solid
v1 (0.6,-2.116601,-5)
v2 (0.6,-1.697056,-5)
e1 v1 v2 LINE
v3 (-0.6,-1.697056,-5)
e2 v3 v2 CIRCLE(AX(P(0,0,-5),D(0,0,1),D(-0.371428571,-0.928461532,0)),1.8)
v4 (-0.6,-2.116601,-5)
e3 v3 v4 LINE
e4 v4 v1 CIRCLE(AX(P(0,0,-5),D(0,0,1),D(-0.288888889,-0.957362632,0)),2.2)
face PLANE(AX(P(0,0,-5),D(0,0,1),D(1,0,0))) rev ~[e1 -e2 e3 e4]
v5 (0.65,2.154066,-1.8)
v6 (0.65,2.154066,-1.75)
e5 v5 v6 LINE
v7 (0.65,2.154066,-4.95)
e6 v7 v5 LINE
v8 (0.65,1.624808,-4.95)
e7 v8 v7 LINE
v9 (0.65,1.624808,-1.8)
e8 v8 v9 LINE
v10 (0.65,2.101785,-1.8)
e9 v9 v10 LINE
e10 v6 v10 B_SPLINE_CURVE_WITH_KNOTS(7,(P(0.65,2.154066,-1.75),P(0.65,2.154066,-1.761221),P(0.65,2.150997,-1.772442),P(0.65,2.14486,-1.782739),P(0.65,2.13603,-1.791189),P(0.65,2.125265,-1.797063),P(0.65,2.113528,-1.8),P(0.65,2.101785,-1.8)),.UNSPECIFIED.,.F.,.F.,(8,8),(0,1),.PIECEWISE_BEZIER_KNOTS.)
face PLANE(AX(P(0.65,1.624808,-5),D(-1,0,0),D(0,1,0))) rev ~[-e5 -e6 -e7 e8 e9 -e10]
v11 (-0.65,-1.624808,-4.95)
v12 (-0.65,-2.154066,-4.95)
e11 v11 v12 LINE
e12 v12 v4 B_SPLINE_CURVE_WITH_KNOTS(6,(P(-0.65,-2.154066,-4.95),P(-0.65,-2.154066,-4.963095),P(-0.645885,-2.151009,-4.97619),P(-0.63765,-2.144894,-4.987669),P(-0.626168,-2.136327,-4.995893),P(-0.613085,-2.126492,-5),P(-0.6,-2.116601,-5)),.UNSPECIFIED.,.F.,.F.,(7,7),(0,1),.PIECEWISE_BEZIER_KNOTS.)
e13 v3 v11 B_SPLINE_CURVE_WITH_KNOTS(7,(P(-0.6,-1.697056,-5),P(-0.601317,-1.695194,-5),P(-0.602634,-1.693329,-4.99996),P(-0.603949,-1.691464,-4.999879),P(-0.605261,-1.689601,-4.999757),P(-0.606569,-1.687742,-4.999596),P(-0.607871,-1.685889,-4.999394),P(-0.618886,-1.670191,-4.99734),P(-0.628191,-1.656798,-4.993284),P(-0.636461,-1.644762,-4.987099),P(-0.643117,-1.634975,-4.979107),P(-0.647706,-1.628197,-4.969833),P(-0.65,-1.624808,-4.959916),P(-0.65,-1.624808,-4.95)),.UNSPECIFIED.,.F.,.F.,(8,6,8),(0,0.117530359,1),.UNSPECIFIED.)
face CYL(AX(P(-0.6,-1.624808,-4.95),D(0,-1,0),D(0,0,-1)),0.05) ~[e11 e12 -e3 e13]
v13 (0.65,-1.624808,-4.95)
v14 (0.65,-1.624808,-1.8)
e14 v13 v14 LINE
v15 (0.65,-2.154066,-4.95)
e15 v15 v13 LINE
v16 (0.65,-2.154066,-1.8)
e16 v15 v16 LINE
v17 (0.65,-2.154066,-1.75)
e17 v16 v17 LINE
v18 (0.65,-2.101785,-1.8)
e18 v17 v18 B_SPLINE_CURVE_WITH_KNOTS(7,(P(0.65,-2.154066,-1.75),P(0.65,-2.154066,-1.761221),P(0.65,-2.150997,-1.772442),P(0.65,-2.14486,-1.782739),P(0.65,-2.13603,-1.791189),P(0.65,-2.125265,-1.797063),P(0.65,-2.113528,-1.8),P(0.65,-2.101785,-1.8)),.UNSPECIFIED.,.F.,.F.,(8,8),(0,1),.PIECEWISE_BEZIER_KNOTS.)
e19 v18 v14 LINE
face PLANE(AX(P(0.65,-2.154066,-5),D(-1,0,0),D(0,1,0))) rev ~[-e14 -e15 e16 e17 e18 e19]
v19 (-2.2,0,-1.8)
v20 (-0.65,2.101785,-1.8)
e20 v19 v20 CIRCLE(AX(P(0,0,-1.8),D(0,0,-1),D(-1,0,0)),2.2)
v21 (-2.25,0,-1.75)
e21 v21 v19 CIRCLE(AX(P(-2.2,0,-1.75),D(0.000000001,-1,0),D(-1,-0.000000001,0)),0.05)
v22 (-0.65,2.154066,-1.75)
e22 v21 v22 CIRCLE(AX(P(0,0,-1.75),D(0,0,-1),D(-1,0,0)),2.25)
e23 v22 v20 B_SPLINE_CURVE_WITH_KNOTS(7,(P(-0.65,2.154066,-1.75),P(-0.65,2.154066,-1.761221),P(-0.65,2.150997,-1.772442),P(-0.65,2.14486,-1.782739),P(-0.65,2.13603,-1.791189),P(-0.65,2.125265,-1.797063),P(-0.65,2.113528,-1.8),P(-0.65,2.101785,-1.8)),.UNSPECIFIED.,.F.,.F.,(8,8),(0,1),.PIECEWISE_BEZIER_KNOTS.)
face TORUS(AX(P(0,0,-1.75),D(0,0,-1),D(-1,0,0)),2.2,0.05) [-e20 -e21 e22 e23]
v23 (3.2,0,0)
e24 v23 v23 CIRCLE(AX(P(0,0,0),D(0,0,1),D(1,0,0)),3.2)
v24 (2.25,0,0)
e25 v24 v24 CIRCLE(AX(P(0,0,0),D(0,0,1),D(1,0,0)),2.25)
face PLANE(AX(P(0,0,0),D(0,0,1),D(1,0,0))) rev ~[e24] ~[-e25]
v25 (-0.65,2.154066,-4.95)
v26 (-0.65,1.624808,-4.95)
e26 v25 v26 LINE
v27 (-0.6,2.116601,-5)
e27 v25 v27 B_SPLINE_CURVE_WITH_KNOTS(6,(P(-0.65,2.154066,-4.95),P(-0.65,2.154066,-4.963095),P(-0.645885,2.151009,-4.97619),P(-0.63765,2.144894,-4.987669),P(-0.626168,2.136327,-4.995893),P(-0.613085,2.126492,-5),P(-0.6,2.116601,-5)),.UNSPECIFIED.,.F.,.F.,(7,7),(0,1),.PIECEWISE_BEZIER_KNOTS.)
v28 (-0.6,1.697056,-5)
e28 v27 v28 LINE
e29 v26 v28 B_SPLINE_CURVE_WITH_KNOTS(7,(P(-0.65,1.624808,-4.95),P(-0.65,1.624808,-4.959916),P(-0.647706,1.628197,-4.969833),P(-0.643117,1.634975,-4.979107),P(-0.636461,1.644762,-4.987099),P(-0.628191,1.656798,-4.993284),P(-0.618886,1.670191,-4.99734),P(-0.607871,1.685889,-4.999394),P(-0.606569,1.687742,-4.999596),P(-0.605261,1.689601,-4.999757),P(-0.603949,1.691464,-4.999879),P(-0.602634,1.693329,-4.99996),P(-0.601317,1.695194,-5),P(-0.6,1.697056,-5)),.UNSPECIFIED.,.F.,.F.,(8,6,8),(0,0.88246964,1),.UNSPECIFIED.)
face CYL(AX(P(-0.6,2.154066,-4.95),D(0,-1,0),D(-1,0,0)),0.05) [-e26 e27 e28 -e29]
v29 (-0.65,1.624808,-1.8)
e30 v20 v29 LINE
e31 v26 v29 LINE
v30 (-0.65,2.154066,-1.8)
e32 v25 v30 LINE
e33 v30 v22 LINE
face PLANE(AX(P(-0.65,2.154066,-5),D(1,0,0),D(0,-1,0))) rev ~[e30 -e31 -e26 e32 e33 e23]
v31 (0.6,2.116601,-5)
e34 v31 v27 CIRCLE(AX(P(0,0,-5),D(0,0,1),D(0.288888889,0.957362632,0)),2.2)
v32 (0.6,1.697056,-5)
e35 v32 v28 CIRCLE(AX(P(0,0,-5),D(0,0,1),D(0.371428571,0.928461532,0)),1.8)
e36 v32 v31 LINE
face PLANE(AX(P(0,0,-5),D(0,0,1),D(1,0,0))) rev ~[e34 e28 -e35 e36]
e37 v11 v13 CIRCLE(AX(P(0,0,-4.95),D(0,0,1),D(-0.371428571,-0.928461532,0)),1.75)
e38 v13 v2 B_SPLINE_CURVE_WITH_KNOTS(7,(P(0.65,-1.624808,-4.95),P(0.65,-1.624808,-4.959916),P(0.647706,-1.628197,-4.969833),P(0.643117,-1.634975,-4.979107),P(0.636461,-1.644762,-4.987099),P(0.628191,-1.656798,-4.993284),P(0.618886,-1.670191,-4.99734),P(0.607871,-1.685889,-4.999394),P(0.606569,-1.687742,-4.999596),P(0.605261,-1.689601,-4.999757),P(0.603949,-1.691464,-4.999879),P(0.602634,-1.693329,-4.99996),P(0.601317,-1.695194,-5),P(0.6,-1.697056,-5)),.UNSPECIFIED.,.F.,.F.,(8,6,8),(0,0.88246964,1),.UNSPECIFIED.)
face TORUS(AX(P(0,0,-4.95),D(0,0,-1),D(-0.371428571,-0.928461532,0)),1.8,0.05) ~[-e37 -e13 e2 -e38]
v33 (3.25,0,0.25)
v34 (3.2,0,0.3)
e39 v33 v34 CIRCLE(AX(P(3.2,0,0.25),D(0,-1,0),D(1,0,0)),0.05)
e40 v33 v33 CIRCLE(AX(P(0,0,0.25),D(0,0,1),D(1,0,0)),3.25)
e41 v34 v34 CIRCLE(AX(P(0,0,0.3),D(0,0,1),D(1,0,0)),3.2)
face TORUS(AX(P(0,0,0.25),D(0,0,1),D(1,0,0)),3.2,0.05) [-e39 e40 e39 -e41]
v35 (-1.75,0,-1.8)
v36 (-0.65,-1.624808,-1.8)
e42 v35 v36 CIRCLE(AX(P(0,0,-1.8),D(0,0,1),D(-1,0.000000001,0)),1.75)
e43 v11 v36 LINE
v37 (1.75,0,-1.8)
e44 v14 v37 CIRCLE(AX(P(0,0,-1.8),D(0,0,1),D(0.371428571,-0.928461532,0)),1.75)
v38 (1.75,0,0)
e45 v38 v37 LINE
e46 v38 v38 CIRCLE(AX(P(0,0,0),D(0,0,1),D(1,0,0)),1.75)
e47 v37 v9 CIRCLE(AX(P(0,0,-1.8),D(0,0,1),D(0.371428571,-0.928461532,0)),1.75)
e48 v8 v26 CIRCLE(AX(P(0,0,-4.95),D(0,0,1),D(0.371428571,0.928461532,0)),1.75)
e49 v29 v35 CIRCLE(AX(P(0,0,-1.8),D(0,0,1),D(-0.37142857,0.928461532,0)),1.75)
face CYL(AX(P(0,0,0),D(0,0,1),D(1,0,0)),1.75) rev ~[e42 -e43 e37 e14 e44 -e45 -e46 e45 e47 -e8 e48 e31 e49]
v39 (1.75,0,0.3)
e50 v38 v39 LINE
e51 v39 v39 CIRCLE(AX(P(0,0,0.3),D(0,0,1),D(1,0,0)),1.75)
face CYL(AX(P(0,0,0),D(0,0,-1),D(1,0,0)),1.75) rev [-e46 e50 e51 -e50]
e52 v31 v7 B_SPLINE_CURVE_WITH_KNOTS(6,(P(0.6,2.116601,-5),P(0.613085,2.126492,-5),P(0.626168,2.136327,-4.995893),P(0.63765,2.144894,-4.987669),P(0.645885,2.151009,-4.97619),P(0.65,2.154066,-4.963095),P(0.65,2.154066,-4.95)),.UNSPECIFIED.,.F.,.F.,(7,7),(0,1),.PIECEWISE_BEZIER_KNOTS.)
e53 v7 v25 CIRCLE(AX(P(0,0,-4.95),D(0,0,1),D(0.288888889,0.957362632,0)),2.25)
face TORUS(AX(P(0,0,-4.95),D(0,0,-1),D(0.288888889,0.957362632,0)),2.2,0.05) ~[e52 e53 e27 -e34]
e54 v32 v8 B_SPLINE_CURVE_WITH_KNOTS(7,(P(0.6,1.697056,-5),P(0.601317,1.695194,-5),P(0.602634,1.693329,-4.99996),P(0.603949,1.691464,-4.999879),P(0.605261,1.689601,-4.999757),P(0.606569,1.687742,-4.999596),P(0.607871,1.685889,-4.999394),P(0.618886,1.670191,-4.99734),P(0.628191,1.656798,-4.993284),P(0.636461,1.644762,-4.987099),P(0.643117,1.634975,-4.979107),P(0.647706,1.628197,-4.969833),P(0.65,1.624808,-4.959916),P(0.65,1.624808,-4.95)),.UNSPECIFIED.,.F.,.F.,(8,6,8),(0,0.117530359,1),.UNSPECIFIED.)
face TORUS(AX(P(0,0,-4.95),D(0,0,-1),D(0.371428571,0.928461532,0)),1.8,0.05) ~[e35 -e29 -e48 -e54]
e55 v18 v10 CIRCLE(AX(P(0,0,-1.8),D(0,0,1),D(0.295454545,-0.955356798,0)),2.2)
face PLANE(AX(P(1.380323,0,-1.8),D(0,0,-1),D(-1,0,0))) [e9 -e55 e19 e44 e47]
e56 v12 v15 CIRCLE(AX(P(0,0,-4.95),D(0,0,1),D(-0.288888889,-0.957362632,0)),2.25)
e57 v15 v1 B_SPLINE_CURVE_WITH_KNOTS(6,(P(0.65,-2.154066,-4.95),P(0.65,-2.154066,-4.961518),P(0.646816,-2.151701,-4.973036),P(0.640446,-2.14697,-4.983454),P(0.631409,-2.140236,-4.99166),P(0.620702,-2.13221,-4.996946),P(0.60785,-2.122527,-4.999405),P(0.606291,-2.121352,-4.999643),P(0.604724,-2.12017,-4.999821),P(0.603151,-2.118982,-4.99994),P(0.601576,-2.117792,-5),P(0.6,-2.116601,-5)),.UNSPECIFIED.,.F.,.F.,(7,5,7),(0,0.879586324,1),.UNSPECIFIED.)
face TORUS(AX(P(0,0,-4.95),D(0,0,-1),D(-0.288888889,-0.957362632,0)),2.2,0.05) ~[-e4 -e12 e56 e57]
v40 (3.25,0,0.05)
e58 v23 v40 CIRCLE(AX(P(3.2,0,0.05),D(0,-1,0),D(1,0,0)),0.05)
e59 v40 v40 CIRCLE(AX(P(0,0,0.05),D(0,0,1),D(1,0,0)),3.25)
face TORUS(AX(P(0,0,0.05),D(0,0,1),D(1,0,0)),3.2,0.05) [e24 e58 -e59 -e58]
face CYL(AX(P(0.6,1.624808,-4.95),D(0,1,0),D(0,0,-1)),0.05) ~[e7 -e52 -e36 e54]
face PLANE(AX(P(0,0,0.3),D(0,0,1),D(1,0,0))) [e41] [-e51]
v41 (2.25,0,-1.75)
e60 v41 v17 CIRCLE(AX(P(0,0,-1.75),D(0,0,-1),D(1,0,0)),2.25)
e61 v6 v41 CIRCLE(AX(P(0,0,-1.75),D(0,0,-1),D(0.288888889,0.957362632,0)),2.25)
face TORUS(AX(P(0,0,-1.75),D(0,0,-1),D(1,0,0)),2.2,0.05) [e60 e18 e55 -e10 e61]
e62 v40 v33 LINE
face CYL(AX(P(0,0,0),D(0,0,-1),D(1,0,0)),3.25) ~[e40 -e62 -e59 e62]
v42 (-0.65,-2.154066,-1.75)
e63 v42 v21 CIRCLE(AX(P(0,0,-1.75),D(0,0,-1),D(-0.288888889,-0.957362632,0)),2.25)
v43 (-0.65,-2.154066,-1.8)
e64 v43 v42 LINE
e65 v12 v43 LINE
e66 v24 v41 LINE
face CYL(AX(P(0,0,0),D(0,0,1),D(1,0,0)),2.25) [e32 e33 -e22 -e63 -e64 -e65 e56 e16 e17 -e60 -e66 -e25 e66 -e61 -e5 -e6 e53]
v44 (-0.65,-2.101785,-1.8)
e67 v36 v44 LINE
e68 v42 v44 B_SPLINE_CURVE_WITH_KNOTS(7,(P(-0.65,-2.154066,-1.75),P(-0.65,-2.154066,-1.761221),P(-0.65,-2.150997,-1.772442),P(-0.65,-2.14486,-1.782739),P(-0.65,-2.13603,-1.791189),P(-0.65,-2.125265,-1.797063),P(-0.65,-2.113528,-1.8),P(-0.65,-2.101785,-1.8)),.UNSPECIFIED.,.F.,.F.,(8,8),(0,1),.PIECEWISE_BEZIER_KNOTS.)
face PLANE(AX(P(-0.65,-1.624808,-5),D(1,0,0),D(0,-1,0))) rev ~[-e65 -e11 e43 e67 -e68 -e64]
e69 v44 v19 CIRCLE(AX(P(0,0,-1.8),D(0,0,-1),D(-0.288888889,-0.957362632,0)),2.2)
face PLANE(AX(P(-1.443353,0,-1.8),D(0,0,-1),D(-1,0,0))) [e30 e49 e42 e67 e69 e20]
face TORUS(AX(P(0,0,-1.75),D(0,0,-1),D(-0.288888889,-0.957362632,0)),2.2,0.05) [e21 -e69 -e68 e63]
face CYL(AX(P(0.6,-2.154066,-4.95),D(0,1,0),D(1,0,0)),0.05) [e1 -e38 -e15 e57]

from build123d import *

# Parameters (mm, degrees)
SKETCH_1_R          = 3.25
SKETCH_1_R_2        = 2.25
SKETCH_1_R_3        = 1.75
EXTRUDE_1_DEPTH     = 0.3
SKETCH_1_4_R        = 2.25
SKETCH_1_4_R_2      = 1.75
EXTRUDE_2_DEPTH     = 5
CUT_EXTRUDE_1_DEPTH = 3.2
FILLET_1_R          = 0.05


with BuildPart() as part:
    # Sketch 1 → Extrude 1 (new body)
    with BuildSketch(Plane.XY):
        Circle(SKETCH_1_R)
        Circle(SKETCH_1_R_2, mode=Mode.SUBTRACT)
        Circle(SKETCH_1_R_2)
        Circle(SKETCH_1_R_3, mode=Mode.SUBTRACT)
    extrude(amount=EXTRUDE_1_DEPTH)

    # Sketch 1_4 → Extrude 2 (add)
    with BuildSketch(Plane.XY):
        Circle(SKETCH_1_4_R)
        Circle(SKETCH_1_4_R_2, mode=Mode.SUBTRACT)
    extrude(amount=-EXTRUDE_2_DEPTH)

    # Sketch 2 → Cut-Extrude 1 (cut)
    with BuildSketch(Plane(origin=(0, 0, -5), x_dir=(-1, 0, 0), z_dir=(0, 0, -1))):
        with BuildLine():
            ThreePointArc((-0.65, 2.154065923), (-2.25, 0), (-0.65, -2.154065923))
            Line((-0.65, -2.154065923), (-0.65, -1.624807681))
            ThreePointArc((-0.65, -1.624807681), (-1.75, 0), (-0.65, 1.624807681))
            Line((-0.65, 1.624807681), (-0.65, 2.154065923))
        make_face()
        with BuildLine():
            Line((0.65, -1.624807681), (0.65, -2.154065923))
            ThreePointArc((0.65, -2.154065923), (1.806239187, -1.341640786), (2.25, 0))
            ThreePointArc((2.25, 0), (1.806239187, 1.341640786), (0.65, 2.154065923))
            Line((0.65, 2.154065923), (0.65, 1.624807681))
            ThreePointArc((0.65, 1.624807681), (1.449137675, 0.981070844), (1.75, 0))
            ThreePointArc((1.75, 0), (1.449137675, -0.981070844), (0.65, -1.624807681))
        make_face()
    extrude(amount=-CUT_EXTRUDE_1_DEPTH, mode=Mode.SUBTRACT)

    # Fillet 1
    fillet_1_edges = [part.edges().sort_by_distance(p)[0] for p in [
        (1.806239187, 1.341640786, -1.8),
        (0.65, -1.889436802, -5),
        (0.65, 1.889436802, -5),
        (0, -2.25, -5),
        (0, -1.75, -5),
        (-0.65, -1.889436802, -5),
        (-0.65, 1.889436802, -5),
        (-2.25, 0, -1.8),
        (-3.25, 0, 0),
        (-3.25, 0, 0.3),
        (0, 2.25, -5),
        (0, 1.75, -5),
    ]]
    fillet(fillet_1_edges, radius=FILLET_1_R)


solid = part.part
